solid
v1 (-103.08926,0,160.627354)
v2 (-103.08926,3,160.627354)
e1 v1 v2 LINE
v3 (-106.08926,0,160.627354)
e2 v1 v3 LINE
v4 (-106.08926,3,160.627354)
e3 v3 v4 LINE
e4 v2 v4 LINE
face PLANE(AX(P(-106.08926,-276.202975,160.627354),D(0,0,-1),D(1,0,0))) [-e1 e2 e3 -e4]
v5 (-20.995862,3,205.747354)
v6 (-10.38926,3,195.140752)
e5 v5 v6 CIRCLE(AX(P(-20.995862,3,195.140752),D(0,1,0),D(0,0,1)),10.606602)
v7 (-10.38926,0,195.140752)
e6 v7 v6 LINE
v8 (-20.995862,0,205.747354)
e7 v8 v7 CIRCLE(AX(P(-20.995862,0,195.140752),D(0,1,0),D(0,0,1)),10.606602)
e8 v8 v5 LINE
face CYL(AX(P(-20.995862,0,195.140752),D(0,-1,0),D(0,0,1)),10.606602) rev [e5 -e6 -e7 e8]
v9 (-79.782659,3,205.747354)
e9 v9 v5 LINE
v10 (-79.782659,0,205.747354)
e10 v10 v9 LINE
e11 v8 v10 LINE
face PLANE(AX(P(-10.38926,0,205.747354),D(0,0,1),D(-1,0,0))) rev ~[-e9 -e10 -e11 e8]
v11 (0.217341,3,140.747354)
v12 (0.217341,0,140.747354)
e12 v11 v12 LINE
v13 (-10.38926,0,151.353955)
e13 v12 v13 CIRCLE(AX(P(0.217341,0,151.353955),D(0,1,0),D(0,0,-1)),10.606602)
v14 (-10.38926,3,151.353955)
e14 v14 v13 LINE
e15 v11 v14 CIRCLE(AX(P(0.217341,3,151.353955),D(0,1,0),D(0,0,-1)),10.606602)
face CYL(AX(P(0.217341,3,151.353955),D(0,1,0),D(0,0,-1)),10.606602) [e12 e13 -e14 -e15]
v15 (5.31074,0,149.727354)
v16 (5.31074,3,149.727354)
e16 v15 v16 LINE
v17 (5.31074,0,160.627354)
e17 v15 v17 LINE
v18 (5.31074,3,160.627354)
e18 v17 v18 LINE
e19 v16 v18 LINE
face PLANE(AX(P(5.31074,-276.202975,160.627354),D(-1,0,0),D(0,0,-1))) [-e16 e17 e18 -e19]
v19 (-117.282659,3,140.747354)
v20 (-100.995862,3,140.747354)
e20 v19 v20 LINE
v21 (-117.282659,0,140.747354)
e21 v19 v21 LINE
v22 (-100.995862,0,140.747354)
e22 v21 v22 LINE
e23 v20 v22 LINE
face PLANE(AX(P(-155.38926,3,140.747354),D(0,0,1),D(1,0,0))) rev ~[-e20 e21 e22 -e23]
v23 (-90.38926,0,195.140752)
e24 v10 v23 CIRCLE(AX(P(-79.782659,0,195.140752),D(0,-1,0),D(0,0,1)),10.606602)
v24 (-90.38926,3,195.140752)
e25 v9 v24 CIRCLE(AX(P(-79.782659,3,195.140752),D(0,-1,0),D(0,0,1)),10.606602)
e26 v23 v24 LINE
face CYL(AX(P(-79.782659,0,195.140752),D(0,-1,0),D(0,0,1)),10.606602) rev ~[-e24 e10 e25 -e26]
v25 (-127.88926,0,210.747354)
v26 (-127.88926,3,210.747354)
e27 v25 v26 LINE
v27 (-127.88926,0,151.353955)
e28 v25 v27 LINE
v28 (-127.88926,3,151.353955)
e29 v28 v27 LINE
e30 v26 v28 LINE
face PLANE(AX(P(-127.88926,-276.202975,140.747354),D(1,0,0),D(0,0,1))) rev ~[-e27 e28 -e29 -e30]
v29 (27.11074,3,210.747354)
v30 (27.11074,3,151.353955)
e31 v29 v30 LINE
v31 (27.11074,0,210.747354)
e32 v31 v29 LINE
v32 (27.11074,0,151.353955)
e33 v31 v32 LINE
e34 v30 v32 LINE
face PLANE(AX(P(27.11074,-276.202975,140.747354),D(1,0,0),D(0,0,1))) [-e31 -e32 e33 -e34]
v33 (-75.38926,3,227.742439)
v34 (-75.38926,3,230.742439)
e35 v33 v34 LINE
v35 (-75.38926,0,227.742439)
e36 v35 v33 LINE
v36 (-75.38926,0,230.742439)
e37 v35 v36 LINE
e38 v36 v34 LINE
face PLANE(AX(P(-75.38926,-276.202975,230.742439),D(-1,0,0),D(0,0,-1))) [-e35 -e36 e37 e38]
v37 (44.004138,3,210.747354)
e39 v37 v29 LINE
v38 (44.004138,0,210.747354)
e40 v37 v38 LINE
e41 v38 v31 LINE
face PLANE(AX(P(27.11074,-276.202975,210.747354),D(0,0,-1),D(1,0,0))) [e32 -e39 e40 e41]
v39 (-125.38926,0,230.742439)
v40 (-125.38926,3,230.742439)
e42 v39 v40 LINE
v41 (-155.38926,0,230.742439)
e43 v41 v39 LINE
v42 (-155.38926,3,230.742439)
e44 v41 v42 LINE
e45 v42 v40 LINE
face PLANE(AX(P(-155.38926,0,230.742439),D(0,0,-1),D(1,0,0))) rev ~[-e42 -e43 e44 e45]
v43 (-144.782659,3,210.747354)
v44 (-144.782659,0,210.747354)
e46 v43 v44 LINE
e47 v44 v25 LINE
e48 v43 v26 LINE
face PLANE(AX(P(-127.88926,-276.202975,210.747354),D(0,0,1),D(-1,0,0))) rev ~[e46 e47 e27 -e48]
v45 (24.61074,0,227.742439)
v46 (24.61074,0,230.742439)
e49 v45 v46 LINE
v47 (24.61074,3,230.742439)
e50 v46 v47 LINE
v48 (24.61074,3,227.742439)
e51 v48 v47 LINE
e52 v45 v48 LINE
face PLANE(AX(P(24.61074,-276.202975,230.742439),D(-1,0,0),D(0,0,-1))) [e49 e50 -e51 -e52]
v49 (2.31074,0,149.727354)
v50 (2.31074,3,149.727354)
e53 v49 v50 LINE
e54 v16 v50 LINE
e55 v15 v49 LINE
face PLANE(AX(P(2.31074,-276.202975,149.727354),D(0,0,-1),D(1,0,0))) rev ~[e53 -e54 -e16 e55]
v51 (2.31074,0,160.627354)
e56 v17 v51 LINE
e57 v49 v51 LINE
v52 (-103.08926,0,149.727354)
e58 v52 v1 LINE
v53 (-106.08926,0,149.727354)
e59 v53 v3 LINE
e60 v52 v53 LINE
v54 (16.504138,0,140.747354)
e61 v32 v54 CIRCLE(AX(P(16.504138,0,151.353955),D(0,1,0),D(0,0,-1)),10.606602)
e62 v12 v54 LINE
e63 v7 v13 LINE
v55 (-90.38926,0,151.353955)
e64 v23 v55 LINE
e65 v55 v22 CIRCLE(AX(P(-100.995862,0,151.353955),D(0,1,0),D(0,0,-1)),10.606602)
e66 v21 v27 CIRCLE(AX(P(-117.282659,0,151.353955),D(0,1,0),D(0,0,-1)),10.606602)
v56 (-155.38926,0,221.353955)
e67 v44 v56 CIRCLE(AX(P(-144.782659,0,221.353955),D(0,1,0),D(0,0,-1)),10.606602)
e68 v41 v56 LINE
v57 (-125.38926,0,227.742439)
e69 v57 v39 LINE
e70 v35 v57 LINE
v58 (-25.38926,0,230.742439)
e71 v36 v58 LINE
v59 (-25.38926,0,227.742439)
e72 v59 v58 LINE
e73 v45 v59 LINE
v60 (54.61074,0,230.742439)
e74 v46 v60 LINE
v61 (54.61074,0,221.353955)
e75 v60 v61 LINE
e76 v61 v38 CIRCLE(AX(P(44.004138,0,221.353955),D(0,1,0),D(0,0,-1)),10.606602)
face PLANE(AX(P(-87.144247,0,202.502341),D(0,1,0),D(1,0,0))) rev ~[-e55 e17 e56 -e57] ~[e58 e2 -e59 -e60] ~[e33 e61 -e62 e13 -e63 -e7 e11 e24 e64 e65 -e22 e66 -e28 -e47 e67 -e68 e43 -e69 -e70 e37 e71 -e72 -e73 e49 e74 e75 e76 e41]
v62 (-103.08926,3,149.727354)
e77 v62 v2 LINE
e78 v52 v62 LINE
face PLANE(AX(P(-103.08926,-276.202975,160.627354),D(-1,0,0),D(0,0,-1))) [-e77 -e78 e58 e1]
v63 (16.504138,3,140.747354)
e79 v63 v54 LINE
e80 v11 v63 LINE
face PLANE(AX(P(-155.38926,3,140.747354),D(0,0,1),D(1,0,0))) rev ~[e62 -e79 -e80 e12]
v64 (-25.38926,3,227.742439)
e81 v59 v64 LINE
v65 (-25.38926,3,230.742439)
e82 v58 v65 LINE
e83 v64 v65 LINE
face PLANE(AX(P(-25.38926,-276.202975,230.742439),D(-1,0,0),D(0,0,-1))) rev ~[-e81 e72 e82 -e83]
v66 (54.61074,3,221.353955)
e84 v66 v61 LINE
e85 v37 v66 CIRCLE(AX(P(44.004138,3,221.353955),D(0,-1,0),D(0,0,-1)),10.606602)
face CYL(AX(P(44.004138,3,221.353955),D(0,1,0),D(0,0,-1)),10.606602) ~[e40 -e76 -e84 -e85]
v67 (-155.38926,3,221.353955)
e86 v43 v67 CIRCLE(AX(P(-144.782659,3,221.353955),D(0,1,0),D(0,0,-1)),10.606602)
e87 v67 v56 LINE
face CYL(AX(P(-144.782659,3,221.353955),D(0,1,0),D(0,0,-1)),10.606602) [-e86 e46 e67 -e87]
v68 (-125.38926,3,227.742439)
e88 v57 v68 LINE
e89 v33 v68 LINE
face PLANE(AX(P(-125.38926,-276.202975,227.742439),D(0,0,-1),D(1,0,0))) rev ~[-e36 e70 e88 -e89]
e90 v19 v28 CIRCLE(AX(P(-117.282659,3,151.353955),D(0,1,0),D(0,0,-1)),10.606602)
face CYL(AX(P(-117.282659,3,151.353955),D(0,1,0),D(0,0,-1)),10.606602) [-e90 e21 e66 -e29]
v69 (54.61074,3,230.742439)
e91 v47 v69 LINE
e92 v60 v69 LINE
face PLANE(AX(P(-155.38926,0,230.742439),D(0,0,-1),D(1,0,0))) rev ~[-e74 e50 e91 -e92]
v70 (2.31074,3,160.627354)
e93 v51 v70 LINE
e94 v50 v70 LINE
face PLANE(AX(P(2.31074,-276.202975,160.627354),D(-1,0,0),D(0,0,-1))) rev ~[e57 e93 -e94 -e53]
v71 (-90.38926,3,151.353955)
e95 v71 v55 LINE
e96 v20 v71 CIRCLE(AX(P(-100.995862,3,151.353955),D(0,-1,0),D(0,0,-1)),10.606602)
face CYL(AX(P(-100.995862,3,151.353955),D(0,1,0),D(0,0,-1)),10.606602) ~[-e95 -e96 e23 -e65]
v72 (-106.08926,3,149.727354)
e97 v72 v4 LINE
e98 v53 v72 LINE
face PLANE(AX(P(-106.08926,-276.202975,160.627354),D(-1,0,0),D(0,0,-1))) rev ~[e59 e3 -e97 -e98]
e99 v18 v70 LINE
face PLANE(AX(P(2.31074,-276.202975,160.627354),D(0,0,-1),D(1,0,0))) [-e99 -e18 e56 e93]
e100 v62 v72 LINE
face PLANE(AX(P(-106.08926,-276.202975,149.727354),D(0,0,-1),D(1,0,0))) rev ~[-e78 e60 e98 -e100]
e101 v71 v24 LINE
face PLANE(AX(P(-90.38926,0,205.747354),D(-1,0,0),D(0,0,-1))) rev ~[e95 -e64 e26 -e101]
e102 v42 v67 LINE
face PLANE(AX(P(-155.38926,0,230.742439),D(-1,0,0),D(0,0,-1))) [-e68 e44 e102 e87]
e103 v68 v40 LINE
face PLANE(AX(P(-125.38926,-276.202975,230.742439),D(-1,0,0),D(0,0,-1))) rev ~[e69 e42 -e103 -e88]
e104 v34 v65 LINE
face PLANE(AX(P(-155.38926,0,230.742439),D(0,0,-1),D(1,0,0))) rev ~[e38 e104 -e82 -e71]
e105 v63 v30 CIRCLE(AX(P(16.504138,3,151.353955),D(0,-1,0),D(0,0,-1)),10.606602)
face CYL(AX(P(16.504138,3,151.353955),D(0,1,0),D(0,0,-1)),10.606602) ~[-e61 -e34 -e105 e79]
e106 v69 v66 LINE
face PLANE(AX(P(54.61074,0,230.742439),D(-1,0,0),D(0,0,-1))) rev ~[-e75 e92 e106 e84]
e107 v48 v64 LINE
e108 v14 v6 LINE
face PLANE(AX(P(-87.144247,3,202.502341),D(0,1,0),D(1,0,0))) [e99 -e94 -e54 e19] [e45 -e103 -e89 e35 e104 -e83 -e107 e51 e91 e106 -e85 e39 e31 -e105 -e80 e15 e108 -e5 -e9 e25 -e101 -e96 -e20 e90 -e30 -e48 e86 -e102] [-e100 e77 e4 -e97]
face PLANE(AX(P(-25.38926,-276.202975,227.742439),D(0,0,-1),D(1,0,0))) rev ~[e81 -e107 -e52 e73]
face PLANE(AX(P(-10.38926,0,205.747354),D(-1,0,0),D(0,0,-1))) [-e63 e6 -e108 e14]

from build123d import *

# Parameters (mm, degrees)
SKETCH1_W                       = 210
SKETCH1_H                       = 120
CHASIS_BASE_DEPTH               = 3
FRONT_AND_BACK_SLOTS_DEPTH      = 279.202975413
FRONT_AND_BACK_SLOTS_DEPTH_BACK = 279.202975413
SKETCH7_W                       = 50
SKETCH7_H                       = 3
BACK_WHEELS_DEPTH               = 279.202975413
BACK_WHEELS_DEPTH_BACK          = 279.202975413
CUT_EXTRUDE1_DEPTH              = 279.202975413
CUT_EXTRUDE1_DEPTH_BACK         = 279.202975413
SKETCH16_W                      = 3
SKETCH16_H                      = 10.9
SKETCH17_W                      = 210
SKETCH17_H                      = 30.004914443
CUT_EXTRUDE2_DEPTH              = 10
SKETCH18_W                      = 80
SKETCH18_H                      = 65
CUT_EXTRUDE3_DEPTH              = 57
CUT_EXTRUDE4_DEPTH              = 10
BOSS_EXTRUDE1_DEPTH             = 3


with BuildPart() as part:
    # Sketch1 → Chasis Base (new body)
    with BuildSketch(Plane(origin=(0, 0, 0), x_dir=(1, 0, 0), z_dir=(0, 1, 0))):
        with Locations((-50.389260457, -170.742439233)):
            Rectangle(SKETCH1_W, SKETCH1_H)
    extrude(amount=CHASIS_BASE_DEPTH)

    # Sketch7 → Front and Back Slots (cut, two sides: drawn at the far end of the back side and taken through both)
    with BuildSketch(Plane(origin=(0, 3, 0), x_dir=(1, 0, 0), z_dir=(0, 1, 0)).offset(-FRONT_AND_BACK_SLOTS_DEPTH_BACK)):
        with Locations((-0.389260457, -229.242439233)):
            Rectangle(SKETCH7_W, SKETCH7_H)
        with Locations((-100.389260457, -229.242439233)):
            Rectangle(SKETCH7_W, SKETCH7_H)
    extrude(amount=FRONT_AND_BACK_SLOTS_DEPTH + FRONT_AND_BACK_SLOTS_DEPTH_BACK, mode=Mode.SUBTRACT)

    # Sketch15 → Back Wheels (cut, two sides: drawn at the far end of the back side and taken through both)
    with BuildSketch(Plane(origin=(0, 3, 0), x_dir=(1, 0, 0), z_dir=(0, 1, 0)).offset(-BACK_WHEELS_DEPTH_BACK)):
        Polygon((-155.389260457, -175.747353676), (-155.389260457, -140.747353676), (-127.889260457, -140.747353676), (-127.889260457, -210.747353676), (-155.389260457, -210.747353676), align=None)
        Polygon((54.610739543, -140.747353676), (27.110739543, -140.747353676), (27.110739543, -210.747353676), (54.610739543, -210.747353676), (54.610739543, -175.747353676), align=None)
    extrude(amount=BACK_WHEELS_DEPTH + BACK_WHEELS_DEPTH_BACK, mode=Mode.SUBTRACT)

    # Sketch16 → Cut-Extrude1 (cut, two sides: drawn at the far end of the back side and taken through both)
    with BuildSketch(Plane(origin=(0, 3, 0), x_dir=(1, 0, 0), z_dir=(0, 1, 0)).offset(-CUT_EXTRUDE1_DEPTH_BACK)):
        with Locations((-104.589260457, -155.177353676)):
            Rectangle(SKETCH16_W, SKETCH16_H)
        with Locations((3.810739543, -155.177353676)):
            Rectangle(SKETCH16_W, SKETCH16_H)
    extrude(amount=CUT_EXTRUDE1_DEPTH + CUT_EXTRUDE1_DEPTH_BACK, mode=Mode.SUBTRACT)

    # Sketch17 → Cut-Extrude2 (cut)
    with BuildSketch(Plane(origin=(0, 3, 0), x_dir=(1, 0, 0), z_dir=(0, 1, 0))):
        with Locations((-50.389260457, -125.744896455)):
            Rectangle(SKETCH17_W, SKETCH17_H)
    extrude(amount=-CUT_EXTRUDE2_DEPTH, mode=Mode.SUBTRACT)

    # Sketch18 → Cut-Extrude3 (cut)
    with BuildSketch(Plane(origin=(0, 0, 0), x_dir=(-1, 0, 0), z_dir=(0, -1, 0))):
        with Locations((50.389260457, -173.247353676)):
            Rectangle(SKETCH18_W, SKETCH18_H)
    extrude(amount=-CUT_EXTRUDE3_DEPTH, mode=Mode.SUBTRACT)

    # Sketch19 → Cut-Extrude4 (cut)
    with BuildSketch(Plane(origin=(0, 3, 0), x_dir=(1, 0, 0), z_dir=(0, 1, 0))):
        with BuildLine():
            Line((-155.389260457, -221.353955394), (-155.389260457, -210.747353676))
            Line((-155.389260457, -210.747353676), (-144.782658739, -210.747353676))
            ThreePointArc((-144.782658739, -210.747353676), (-152.282658739, -213.853955394), (-155.389260457, -221.353955394))
        make_face()
        with BuildLine():
            Line((-127.889260457, -140.747353676), (-117.282658739, -140.747353676))
            ThreePointArc((-117.282658739, -140.747353676), (-124.782658739, -143.853955394), (-127.889260457, -151.353955394))
            Line((-127.889260457, -151.353955394), (-127.889260457, -140.747353676))
        make_face()
        with BuildLine():
            Line((-90.389260457, -151.353955394), (-90.389260457, -140.747353676))
            Line((-90.389260457, -140.747353676), (-100.995862174, -140.747353676))
            ThreePointArc((-100.995862174, -140.747353676), (-93.495862174, -143.853955394), (-90.389260457, -151.353955394))
        make_face()
        with BuildLine():
            Line((-10.389260457, -140.747353676), (0.217341261, -140.747353676))
            ThreePointArc((0.217341261, -140.747353676), (-7.282658739, -143.853955394), (-10.389260457, -151.353955394))
            Line((-10.389260457, -151.353955394), (-10.389260457, -140.747353676))
        make_face()
        with BuildLine():
            Line((27.110739543, -151.353955394), (27.110739543, -140.747353676))
            Line((27.110739543, -140.747353676), (16.504137826, -140.747353676))
            ThreePointArc((16.504137826, -140.747353676), (24.004137826, -143.853955394), (27.110739543, -151.353955394))
        make_face()
        with BuildLine():
            Line((54.610739543, -210.747353676), (44.004137826, -210.747353676))
            ThreePointArc((44.004137826, -210.747353676), (51.504137826, -213.853955394), (54.610739543, -221.353955394))
            Line((54.610739543, -221.353955394), (54.610739543, -210.747353676))
        make_face()
    extrude(amount=-CUT_EXTRUDE4_DEPTH, mode=Mode.SUBTRACT)

    # Sketch20 → Boss-Extrude1 (add)
    with BuildSketch(Plane(origin=(0, 0, 0), x_dir=(1, 0, 0), z_dir=(0, 1, 0))):
        with BuildLine():
            Line((-90.389260457, -195.140751958), (-90.389260457, -205.747353676))
            Line((-90.389260457, -205.747353676), (-79.782658739, -205.747353676))
            ThreePointArc((-79.782658739, -205.747353676), (-87.282658739, -202.640751958), (-90.389260457, -195.140751958))
        make_face()
        with BuildLine():
            Line((-10.389260457, -205.747353676), (-20.995862174, -205.747353676))
            ThreePointArc((-20.995862174, -205.747353676), (-13.495862174, -202.640751958), (-10.389260457, -195.140751958))
            Line((-10.389260457, -195.140751958), (-10.389260457, -205.747353676))
        make_face()
    extrude(amount=BOSS_EXTRUDE1_DEPTH)


solid = part.part
